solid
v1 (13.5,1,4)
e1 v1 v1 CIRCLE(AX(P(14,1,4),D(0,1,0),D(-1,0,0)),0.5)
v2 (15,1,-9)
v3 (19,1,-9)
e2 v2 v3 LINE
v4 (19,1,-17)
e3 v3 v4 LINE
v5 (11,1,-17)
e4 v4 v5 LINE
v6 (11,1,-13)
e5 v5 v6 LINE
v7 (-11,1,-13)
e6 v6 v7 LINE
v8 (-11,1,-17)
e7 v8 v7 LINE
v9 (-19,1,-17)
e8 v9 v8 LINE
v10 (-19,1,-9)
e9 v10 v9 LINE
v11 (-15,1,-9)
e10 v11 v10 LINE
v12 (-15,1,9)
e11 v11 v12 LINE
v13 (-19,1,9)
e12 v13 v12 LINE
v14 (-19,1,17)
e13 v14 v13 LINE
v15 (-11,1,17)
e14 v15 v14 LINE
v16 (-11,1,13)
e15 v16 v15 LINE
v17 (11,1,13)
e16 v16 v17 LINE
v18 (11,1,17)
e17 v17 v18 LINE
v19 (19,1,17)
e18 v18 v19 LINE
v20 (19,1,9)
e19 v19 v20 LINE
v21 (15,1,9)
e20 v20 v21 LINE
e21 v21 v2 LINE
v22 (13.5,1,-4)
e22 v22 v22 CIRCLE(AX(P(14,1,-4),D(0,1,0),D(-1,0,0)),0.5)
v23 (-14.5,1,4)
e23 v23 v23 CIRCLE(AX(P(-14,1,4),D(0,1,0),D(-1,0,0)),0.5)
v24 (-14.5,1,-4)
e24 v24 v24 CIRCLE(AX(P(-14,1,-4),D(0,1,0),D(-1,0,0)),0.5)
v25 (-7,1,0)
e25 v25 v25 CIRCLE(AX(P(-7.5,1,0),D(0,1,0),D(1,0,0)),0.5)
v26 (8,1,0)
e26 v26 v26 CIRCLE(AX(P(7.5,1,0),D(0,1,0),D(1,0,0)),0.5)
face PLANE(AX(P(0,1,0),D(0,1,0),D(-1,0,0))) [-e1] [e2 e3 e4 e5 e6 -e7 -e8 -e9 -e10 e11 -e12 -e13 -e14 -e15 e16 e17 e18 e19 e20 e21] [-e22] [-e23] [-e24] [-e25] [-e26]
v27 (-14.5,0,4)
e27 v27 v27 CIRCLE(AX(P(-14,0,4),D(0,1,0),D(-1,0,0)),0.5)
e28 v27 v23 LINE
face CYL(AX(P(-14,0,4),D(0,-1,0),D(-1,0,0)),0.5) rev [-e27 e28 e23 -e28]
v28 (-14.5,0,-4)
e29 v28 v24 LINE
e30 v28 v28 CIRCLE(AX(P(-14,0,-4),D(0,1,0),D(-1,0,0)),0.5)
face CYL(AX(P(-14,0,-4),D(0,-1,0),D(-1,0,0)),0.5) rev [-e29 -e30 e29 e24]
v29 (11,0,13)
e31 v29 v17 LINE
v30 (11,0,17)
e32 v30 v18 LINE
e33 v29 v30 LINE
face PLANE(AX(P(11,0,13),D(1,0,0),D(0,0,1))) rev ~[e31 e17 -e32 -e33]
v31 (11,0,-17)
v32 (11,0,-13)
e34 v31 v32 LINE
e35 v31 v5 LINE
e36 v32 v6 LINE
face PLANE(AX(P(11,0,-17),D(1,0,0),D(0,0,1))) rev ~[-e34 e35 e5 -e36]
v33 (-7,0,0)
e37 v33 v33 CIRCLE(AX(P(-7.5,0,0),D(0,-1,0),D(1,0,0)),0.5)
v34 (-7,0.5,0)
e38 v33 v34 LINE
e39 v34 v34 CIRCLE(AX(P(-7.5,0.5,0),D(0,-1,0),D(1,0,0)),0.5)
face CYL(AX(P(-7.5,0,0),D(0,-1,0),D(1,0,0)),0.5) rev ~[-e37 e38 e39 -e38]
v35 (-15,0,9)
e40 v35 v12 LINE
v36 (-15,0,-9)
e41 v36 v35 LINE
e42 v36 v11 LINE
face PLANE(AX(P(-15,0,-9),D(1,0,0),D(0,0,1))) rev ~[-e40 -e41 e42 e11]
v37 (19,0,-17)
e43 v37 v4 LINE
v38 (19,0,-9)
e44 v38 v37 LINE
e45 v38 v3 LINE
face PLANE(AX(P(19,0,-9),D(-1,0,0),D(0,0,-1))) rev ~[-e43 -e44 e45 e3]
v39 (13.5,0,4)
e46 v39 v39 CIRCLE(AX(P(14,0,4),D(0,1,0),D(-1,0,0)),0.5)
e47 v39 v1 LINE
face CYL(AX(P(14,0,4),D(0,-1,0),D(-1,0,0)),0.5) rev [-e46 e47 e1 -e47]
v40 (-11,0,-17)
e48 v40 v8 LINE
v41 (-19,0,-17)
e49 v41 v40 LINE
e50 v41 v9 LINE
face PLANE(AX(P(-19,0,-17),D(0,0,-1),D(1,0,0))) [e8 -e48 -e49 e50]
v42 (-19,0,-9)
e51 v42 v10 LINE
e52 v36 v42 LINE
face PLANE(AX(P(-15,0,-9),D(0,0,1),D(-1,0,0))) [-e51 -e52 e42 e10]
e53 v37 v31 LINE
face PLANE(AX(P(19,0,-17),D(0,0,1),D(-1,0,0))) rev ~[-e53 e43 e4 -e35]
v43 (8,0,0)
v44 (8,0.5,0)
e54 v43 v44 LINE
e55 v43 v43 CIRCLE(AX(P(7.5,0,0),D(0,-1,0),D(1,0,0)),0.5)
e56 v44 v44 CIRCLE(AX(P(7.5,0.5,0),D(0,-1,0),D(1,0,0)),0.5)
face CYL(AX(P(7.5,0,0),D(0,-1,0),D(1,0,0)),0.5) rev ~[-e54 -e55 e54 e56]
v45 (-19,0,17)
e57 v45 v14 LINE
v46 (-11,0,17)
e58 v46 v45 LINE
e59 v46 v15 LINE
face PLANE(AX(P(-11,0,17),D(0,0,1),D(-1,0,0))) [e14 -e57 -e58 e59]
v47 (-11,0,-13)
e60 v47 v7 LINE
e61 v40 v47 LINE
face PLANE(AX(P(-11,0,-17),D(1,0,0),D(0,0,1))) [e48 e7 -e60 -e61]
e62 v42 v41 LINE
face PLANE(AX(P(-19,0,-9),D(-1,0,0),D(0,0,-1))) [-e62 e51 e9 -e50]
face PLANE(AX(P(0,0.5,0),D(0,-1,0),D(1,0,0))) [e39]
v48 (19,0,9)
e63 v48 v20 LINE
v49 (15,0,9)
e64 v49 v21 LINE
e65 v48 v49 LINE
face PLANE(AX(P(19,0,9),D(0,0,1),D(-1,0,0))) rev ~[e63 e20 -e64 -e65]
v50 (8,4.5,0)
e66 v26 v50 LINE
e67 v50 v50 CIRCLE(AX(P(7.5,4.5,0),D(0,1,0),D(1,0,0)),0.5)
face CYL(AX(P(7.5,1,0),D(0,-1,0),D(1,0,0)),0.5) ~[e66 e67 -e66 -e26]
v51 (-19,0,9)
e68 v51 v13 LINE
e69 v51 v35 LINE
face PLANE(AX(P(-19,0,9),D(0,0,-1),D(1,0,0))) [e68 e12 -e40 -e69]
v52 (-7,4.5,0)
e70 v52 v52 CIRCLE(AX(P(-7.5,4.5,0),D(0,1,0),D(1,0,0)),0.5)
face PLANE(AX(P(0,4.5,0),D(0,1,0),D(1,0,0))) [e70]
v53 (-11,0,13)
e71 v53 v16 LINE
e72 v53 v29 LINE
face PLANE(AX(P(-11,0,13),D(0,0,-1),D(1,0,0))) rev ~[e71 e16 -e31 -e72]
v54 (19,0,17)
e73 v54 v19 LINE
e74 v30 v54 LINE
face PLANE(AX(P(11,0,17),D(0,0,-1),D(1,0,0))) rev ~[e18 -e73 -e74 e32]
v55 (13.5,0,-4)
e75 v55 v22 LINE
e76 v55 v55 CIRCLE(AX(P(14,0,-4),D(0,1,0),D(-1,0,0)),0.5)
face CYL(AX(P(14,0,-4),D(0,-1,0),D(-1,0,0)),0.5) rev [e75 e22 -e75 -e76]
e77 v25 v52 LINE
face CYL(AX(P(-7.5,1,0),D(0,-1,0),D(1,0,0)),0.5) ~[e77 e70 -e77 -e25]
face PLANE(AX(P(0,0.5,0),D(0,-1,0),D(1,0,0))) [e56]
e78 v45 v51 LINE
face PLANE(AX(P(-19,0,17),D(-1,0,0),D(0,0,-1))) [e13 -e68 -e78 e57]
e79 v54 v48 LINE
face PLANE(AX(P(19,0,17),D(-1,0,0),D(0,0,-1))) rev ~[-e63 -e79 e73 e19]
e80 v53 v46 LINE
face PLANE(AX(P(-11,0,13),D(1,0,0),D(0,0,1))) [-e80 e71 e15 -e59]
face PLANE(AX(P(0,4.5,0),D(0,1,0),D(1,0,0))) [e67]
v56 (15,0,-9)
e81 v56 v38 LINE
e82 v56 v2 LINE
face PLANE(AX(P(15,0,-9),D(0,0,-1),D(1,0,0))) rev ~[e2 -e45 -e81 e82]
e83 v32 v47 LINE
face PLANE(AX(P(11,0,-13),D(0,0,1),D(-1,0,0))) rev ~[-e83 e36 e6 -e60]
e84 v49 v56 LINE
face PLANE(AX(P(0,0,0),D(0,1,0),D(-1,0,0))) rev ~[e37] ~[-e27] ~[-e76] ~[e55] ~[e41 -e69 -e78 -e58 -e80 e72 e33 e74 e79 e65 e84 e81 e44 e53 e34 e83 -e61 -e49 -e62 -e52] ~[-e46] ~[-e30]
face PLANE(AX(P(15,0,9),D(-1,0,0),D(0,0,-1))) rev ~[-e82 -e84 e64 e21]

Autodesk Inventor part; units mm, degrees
ref_plane "YZ Plane" through (0, 0, 0) normal (1, 0, 0) x (0, 1, 0)
ref_plane "XZ Plane" through (0, 0, 0) normal (0, 1, 0) x (-1, 0, 0)
ref_plane "XY Plane" through (0, 0, 0) normal (0, 0, 1) x (1, 0, 0)
sketch "Sketch1" plane through (0, 0, 0) normal (0, 1, 0) x (-1, 0, 0)
  line L0 (15, 13) -> (-15, 13)
  line L1 (-15, 13) -> (-15, -13)
  line L2 (-15, -13) -> (15, -13)
  line L3 (15, -13) -> (15, 13)
  line L4 (15, 13) -> (-15, -13) construction
  line L5 (-15, 13) -> (15, -13) construction
  circle A0 centre (-14, 4) radius 0.5
  circle A1 centre (14, 4) radius 0.5
  circle A2 centre (14, -4) radius 0.5
  circle A3 centre (-14, -4) radius 0.5
  line L6 (-11, 17) -> (-19, 17)
  line L7 (-19, 17) -> (-19, 9)
  line L8 (-19, 9) -> (-11, 9)
  line L9 (-11, 9) -> (-11, 17)
  line L10 (-11, 17) -> (-19, 9) construction
  line L11 (-19, 17) -> (-11, 9) construction
  line L12 (19, 9) -> (11, 9)
  line L13 (11, 9) -> (11, 17)
  line L14 (11, 17) -> (19, 17)
  line L15 (19, 17) -> (19, 9)
  line L16 (19, 9) -> (11, 17) construction
  line L17 (11, 9) -> (19, 17) construction
  line L18 (19, -17) -> (11, -17)
  line L19 (11, -17) -> (11, -9)
  line L20 (11, -9) -> (19, -9)
  line L21 (19, -9) -> (19, -17)
  line L22 (19, -17) -> (11, -9) construction
  line L23 (11, -17) -> (19, -9) construction
  line L24 (-11, -9) -> (-19, -9)
  line L25 (-19, -9) -> (-19, -17)
  line L26 (-19, -17) -> (-11, -17)
  line L27 (-11, -17) -> (-11, -9)
  line L28 (-11, -9) -> (-19, -17) construction
  line L29 (-19, -9) -> (-11, -17) construction
  point P0 (0, 0)
  point P1 (11, 13)
  point P2 (15, 9)
  point P3 (15, -9)
  point P4 (11, -13)
  point P5 (-11, -13)
  point P6 (-15, -9)
  point P7 (-15, 9)
  point P8 (-11, 13)
  dimension "d0" = 30
  dimension "d1" = 26
  dimension "d4" = 1
  dimension "d5" = 9
  dimension "d6" = 1
  dimension "d7" = 1
  dimension "d8" = 1
  dimension "d9" = 1
  dimension "d10" = 1
  dimension "d11" = 9
  dimension "d12" = 1
  dimension "d13" = 9
  dimension "d14" = 9
  dimension "d15" = 1
  dimension "d24" = 8
  dimension "d25" = 8
  dimension "d26" = 8
  dimension "d27" = 8
  dimension "d28" = 8
  dimension "d29" = 8
  dimension "d30" = 8
  dimension "d31" = 8
extrude "Extrusion1" add sketch "Sketch1" along normal blind 1
sketch "Sketch3" plane through (0, 1, 0) normal (0, 1, 0) x (1, 0, 0)
  line L0 (15, -9) -> (15, 9) projected
  line L1 (15, 9) -> (19, 9) projected
  line L2 (19, 9) -> (19, 17) projected
  line L3 (19, 17) -> (11, 17) projected
  line L4 (11, 17) -> (11, 13) projected
  line L5 (11, 13) -> (-11, 13) projected
  line L6 (-11, 13) -> (-11, 17) projected
  line L7 (-11, 17) -> (-19, 17) projected
  line L8 (-19, 17) -> (-19, 9) projected
  line L9 (-19, 9) -> (-15, 9) projected
  line L10 (-15, 9) -> (-15, -9) projected
  line L11 (-15, -9) -> (-19, -9) projected
  line L12 (-19, -9) -> (-19, -17) projected
  line L13 (-19, -17) -> (-11, -17) projected
  line L14 (-11, -17) -> (-11, -13) projected
  line L15 (-11, -13) -> (11, -13) projected
  line L16 (11, -13) -> (11, -17) projected
  line L17 (11, -17) -> (19, -17) projected
  line L18 (19, -17) -> (19, -9) projected
  line L19 (19, -9) -> (15, -9) projected
  circle A0 centre (14, -4) radius 0.5 projected
  circle A1 centre (-14, -4) radius 0.5 projected
  circle A2 centre (-14, 4) radius 0.5 projected
  circle A3 centre (14, 4) radius 0.5 projected
  circle A4 centre (-7.5, 0) radius 0.5
  circle A5 centre (7.5, 0) radius 0.5
  point P0 (0, 0)
  dimension "d32" = 1
  dimension "d33" = 1
  dimension "d34" = 7.5
  dimension "d35" = 7.5
extrude "Extrusion2" add sketch "Sketch3" along normal blind 3.5 contours A4 | A5
sketch "Sketch4" plane through (0, 0, 0) normal (0, -1, 0) x (1, 0, 0)
  line L0 (15, 9) -> (15, -9) projected
  line L1 (19, 9) -> (15, 9) projected
  line L2 (19, 17) -> (19, 9) projected
  line L3 (11, 17) -> (19, 17) projected
  line L4 (11, 13) -> (11, 17) projected
  line L5 (-11, 13) -> (11, 13) projected
  line L6 (-11, 17) -> (-11, 13) projected
  line L7 (-19, 17) -> (-11, 17) projected
  line L8 (-19, 9) -> (-19, 17) projected
  line L9 (-15, 9) -> (-19, 9) projected
  line L10 (-15, -9) -> (-15, 9) projected
  line L11 (-19, -9) -> (-15, -9) projected
  line L12 (-19, -17) -> (-19, -9) projected
  line L13 (-11, -17) -> (-19, -17) projected
  line L14 (-11, -13) -> (-11, -17) projected
  line L15 (11, -13) -> (-11, -13) projected
  line L16 (11, -17) -> (11, -13) projected
  line L17 (19, -17) -> (11, -17) projected
  line L18 (19, -9) -> (19, -17) projected
  line L19 (15, -9) -> (19, -9) projected
  circle A0 centre (14, 4) radius 0.5 projected
  circle A1 centre (-14, 4) radius 0.5 projected
  circle A2 centre (-14, -4) radius 0.5 projected
  circle A3 centre (14, -4) radius 0.5 projected
  circle A4 centre (-7.5, 0) radius 0.5 projected
  circle A5 centre (7.5, 0) radius 0.5 projected
  point P0 (0, 0)
extrude "Extrusion3" cut sketch "Sketch4" against normal blind 0.5 contours A4 | A5
equation "\"d24\" = d25"
equation "\"d26\" = d25"
equation "\"d27\" = d25"
equation "\"d28\" = d25"
equation "\"d29\" = d25"
equation "\"d30\" = d25"
equation "\"d31\" = d25"
properties part number "base"
